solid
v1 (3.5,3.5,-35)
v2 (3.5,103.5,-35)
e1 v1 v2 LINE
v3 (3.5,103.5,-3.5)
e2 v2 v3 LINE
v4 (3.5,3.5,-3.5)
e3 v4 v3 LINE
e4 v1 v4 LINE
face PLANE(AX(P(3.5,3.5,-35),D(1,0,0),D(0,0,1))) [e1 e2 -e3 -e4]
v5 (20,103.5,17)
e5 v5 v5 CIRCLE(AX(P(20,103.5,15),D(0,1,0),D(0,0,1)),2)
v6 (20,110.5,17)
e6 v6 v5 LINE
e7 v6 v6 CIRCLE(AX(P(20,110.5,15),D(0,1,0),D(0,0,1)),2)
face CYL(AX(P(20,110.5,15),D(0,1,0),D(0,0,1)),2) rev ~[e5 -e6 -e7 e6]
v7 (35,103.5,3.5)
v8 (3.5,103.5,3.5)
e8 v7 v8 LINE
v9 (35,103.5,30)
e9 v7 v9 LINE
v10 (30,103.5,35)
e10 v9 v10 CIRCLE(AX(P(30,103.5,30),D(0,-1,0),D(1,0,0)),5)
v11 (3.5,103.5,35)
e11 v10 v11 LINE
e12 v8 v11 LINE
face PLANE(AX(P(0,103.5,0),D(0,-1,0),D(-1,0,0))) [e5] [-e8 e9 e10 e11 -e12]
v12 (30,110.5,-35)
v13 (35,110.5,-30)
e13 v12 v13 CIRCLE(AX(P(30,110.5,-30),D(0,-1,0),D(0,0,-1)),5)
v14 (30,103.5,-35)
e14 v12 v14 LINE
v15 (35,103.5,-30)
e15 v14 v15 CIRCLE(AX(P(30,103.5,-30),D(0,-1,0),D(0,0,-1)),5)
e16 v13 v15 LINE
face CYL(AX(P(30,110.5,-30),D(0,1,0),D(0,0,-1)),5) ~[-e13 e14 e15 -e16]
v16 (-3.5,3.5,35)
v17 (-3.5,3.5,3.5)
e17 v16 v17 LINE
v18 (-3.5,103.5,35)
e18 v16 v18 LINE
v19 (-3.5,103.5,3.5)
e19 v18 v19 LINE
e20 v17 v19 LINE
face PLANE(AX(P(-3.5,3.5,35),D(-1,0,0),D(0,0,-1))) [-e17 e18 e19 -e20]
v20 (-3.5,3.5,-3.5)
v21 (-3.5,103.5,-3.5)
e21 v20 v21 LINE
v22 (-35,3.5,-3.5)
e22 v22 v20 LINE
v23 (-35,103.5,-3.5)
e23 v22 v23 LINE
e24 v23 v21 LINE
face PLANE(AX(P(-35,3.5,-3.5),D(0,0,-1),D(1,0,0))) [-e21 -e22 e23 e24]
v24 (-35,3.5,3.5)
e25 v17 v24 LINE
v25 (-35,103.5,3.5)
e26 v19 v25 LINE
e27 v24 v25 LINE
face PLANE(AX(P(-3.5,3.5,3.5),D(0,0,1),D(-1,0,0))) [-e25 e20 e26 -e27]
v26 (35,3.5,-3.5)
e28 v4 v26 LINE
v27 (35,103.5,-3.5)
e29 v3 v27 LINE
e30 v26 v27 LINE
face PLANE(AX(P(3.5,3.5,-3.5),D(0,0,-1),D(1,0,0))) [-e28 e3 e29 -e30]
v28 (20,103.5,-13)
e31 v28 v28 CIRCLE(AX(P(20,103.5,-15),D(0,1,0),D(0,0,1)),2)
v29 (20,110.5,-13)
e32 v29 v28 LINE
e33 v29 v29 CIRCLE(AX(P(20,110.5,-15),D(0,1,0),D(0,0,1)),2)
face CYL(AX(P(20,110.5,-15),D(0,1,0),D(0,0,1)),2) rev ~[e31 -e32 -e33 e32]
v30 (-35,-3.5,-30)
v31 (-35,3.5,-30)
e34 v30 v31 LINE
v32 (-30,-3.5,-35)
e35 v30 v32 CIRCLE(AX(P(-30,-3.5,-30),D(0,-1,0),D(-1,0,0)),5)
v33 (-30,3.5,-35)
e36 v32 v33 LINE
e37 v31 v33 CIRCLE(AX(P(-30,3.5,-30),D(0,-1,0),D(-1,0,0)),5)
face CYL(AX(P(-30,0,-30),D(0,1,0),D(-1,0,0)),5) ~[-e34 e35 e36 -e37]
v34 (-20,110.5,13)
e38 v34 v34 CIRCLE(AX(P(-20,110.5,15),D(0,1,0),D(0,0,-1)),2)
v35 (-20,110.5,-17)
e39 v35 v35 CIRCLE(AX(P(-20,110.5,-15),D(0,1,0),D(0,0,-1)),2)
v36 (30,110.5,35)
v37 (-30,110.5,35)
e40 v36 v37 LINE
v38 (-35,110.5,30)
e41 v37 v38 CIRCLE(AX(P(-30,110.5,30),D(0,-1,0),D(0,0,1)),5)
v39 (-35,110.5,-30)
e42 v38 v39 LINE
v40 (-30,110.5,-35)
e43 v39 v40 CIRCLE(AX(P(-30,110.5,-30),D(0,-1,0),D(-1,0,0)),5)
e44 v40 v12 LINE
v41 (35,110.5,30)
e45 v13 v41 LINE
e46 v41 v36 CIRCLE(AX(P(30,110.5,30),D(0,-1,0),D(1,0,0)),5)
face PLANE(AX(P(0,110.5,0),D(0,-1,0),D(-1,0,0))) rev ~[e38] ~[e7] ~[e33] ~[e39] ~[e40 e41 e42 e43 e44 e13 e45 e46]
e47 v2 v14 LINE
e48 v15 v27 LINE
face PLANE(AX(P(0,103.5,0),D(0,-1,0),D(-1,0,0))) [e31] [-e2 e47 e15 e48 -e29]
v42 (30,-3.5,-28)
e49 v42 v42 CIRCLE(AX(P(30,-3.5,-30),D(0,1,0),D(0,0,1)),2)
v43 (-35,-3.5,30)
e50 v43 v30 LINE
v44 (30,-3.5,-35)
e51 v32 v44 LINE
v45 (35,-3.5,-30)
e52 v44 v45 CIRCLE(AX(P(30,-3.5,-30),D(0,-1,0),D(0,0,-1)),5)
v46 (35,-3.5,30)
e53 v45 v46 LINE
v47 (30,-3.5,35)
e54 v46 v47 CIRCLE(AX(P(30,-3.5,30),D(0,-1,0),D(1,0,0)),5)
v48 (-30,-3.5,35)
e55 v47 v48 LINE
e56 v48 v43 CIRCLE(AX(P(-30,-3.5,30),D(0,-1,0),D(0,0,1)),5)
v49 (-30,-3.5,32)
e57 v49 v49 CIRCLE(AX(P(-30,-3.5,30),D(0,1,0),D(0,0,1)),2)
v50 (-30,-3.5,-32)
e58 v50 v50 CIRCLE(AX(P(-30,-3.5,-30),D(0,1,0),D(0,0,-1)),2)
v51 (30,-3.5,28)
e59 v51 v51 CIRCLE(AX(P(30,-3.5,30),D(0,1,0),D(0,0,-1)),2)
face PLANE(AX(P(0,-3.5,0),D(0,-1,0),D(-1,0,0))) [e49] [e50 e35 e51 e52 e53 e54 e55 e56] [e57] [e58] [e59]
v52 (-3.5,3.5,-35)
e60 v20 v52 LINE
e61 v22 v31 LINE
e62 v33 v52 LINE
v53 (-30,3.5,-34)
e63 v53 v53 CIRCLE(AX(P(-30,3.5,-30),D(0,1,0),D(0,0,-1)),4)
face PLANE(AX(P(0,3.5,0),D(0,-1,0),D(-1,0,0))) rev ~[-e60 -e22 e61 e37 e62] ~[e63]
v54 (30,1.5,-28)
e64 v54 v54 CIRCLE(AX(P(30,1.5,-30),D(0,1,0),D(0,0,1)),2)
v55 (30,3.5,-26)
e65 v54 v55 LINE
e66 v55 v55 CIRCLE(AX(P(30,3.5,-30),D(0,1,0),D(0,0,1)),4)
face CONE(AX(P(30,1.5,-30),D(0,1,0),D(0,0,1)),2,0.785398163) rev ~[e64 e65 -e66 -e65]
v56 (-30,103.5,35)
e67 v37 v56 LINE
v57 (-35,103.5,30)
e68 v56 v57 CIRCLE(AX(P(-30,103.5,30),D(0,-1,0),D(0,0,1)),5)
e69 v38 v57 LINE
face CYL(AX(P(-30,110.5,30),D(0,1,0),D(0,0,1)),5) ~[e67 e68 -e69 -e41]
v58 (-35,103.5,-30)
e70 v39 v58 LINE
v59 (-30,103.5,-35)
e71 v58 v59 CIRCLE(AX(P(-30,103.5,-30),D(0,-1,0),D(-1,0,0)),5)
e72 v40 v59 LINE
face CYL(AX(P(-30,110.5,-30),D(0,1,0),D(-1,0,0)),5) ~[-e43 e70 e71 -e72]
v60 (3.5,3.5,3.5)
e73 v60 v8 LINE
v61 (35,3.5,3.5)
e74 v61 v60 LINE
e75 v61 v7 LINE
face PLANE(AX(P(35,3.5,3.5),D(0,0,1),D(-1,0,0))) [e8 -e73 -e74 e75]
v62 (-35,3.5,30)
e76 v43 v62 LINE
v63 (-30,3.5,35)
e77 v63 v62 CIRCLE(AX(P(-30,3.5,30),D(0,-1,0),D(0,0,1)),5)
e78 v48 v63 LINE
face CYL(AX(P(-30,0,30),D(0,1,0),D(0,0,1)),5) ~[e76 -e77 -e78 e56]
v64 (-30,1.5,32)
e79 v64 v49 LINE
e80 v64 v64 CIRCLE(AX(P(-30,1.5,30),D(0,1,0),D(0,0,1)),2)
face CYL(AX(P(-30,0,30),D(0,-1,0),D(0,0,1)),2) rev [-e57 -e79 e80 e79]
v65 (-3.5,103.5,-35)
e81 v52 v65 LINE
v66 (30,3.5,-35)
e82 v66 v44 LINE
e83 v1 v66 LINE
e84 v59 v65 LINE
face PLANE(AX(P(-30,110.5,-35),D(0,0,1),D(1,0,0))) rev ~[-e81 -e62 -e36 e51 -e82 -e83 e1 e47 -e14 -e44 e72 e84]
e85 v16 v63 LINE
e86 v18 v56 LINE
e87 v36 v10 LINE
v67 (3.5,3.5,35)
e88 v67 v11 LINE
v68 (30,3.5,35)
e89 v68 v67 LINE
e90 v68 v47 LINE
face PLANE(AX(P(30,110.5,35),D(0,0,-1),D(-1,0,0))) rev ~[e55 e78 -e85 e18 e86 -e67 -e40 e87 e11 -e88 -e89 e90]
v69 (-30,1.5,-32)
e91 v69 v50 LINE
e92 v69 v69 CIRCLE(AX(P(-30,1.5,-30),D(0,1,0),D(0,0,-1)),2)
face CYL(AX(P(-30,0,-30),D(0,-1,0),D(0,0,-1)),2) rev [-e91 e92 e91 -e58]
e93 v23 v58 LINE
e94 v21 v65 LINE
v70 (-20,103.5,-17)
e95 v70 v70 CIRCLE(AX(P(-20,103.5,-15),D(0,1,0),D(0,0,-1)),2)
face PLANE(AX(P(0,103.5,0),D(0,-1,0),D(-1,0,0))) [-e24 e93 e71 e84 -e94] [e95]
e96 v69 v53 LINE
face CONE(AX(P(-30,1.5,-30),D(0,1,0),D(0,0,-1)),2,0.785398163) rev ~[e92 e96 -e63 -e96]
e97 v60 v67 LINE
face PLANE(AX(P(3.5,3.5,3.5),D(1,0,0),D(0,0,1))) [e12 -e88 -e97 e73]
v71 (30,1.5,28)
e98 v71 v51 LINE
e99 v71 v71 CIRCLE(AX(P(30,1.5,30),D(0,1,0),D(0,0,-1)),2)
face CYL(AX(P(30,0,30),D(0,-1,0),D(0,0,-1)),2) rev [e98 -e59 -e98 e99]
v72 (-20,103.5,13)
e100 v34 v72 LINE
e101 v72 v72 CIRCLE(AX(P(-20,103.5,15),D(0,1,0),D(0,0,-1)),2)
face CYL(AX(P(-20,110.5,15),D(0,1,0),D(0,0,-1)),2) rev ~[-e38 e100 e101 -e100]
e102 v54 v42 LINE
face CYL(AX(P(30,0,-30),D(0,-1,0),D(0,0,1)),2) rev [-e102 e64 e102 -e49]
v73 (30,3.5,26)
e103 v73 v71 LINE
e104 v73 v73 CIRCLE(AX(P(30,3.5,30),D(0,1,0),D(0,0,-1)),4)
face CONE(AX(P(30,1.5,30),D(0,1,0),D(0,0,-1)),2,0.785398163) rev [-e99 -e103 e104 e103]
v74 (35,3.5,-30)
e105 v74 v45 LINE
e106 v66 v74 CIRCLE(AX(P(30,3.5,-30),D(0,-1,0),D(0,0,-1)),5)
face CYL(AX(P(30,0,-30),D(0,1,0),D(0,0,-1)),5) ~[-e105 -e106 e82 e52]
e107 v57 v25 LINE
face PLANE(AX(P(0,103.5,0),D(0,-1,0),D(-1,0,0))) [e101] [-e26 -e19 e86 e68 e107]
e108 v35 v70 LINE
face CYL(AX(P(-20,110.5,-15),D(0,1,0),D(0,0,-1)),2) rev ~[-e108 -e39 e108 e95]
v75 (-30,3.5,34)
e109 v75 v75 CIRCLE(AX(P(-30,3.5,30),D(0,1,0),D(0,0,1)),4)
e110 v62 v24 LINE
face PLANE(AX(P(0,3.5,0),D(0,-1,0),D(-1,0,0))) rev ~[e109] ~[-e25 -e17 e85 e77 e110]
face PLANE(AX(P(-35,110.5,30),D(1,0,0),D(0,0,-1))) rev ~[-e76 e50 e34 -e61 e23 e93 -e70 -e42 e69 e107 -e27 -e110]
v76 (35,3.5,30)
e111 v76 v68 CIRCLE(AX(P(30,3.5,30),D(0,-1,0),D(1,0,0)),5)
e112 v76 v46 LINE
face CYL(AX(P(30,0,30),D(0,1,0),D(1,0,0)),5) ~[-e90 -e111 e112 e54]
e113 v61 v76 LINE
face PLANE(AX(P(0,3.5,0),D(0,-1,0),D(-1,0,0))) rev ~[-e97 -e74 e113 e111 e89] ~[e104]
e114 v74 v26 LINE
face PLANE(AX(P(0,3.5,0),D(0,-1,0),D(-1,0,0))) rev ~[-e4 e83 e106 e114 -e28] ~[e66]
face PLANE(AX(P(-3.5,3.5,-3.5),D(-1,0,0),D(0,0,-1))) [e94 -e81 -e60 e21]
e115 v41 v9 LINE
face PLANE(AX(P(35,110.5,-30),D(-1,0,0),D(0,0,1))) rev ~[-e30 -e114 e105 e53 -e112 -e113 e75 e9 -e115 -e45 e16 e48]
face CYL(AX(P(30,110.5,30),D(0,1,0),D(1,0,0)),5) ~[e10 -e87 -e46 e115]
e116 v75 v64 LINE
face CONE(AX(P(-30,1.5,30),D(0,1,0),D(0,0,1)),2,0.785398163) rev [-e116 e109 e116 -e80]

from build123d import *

# Parameters (mm, degrees)
SKETCH1_R           = 2
BOSS_EXTRUDE1_DEPTH = 3.5
BOSS_EXTRUDE2_DEPTH = 100
BOSS_EXTRUDE3_START = 7
SKETCH3_R           = 2
BOSS_EXTRUDE3_DEPTH = 7
CHAMFER1_SIZE       = 2


with BuildPart() as part:
    # Sketch1 → Boss-Extrude1 (new, symmetric)
    with BuildSketch(Plane(origin=(0, 0, 0), x_dir=(1, 0, 0), z_dir=(0, 1, 0))):
        with BuildLine():
            Line((-30, 35), (30, 35))
            ThreePointArc((30, 35), (33.535533906, 33.535533906), (35, 30))
            Line((35, 30), (35, -30))
            ThreePointArc((35, -30), (33.535533906, -33.535533906), (30, -35))
            Line((30, -35), (-30, -35))
            ThreePointArc((-30, -35), (-33.535533906, -33.535533906), (-35, -30))
            Line((-35, -30), (-35, 30))
            ThreePointArc((-35, 30), (-33.535533906, 33.535533906), (-30, 35))
        make_face()
        with Locations(Location((30, 30, 0), (0, 0, 270))):
            Circle(SKETCH1_R, mode=Mode.SUBTRACT)
        with Locations(Location((-30, 30, 0), (0, 0, 90))):
            Circle(SKETCH1_R, mode=Mode.SUBTRACT)
        with Locations(Location((30, -30, 0), (0, 0, 90))):
            Circle(SKETCH1_R, mode=Mode.SUBTRACT)
        with Locations(Location((-30, -30, 0), (0, 0, 270))):
            Circle(SKETCH1_R, mode=Mode.SUBTRACT)
    extrude(amount=BOSS_EXTRUDE1_DEPTH, both=True)

    # Sketch2 → Boss-Extrude2 (add)
    with BuildSketch(Plane(origin=(0, 3.5, 0), x_dir=(1, 0, 0), z_dir=(0, 1, 0))):
        Polygon((-3.5, 35), (3.5, 35), (3.5, 3.5), (35, 3.5), (35, -3.5), (3.5, -3.5), (3.5, -35), (-3.5, -35), (-3.5, -3.5), (-35, -3.5), (-35, 3.5), (-3.5, 3.5), align=None)
    extrude(amount=BOSS_EXTRUDE2_DEPTH)

    # Sketch3 → Boss-Extrude3 (add)
    with BuildSketch(Plane(origin=(0, 103.5, 0), x_dir=(1, 0, 0), z_dir=(0, 1, 0)).offset(BOSS_EXTRUDE3_START)):
        with BuildLine():
            Line((30, -35), (-30, -35))
            ThreePointArc((-30, -35), (-33.535533906, -33.535533906), (-35, -30))
            Line((-35, -30), (-35, 30))
            ThreePointArc((-35, 30), (-33.535533906, 33.535533906), (-30, 35))
            Line((-30, 35), (30, 35))
            ThreePointArc((30, 35), (33.535533906, 33.535533906), (35, 30))
            Line((35, 30), (35, -30))
            ThreePointArc((35, -30), (33.535533906, -33.535533906), (30, -35))
        make_face()
        with Locations(Location((20, -15, 0), (0, 0, 270))):
            Circle(SKETCH3_R, mode=Mode.SUBTRACT)
        with Locations(Location((20, 15, 0), (0, 0, 270))):
            Circle(SKETCH3_R, mode=Mode.SUBTRACT)
        with Locations(Location((-20, 15, 0), (0, 0, 90))):
            Circle(SKETCH3_R, mode=Mode.SUBTRACT)
        with Locations(Location((-20, -15, 0), (0, 0, 90))):
            Circle(SKETCH3_R, mode=Mode.SUBTRACT)
    extrude(amount=-BOSS_EXTRUDE3_DEPTH)

    # Chamfer1
    chamfer1_edges = [part.edges().sort_by_distance(p)[0] for p in [
        (30, 3.5, -32),
        (-30, 3.5, -28),
        (30, 3.5, 32),
        (-30, 3.5, 28),
    ]]
    chamfer(chamfer1_edges, length=CHAMFER1_SIZE)


solid = part.part
